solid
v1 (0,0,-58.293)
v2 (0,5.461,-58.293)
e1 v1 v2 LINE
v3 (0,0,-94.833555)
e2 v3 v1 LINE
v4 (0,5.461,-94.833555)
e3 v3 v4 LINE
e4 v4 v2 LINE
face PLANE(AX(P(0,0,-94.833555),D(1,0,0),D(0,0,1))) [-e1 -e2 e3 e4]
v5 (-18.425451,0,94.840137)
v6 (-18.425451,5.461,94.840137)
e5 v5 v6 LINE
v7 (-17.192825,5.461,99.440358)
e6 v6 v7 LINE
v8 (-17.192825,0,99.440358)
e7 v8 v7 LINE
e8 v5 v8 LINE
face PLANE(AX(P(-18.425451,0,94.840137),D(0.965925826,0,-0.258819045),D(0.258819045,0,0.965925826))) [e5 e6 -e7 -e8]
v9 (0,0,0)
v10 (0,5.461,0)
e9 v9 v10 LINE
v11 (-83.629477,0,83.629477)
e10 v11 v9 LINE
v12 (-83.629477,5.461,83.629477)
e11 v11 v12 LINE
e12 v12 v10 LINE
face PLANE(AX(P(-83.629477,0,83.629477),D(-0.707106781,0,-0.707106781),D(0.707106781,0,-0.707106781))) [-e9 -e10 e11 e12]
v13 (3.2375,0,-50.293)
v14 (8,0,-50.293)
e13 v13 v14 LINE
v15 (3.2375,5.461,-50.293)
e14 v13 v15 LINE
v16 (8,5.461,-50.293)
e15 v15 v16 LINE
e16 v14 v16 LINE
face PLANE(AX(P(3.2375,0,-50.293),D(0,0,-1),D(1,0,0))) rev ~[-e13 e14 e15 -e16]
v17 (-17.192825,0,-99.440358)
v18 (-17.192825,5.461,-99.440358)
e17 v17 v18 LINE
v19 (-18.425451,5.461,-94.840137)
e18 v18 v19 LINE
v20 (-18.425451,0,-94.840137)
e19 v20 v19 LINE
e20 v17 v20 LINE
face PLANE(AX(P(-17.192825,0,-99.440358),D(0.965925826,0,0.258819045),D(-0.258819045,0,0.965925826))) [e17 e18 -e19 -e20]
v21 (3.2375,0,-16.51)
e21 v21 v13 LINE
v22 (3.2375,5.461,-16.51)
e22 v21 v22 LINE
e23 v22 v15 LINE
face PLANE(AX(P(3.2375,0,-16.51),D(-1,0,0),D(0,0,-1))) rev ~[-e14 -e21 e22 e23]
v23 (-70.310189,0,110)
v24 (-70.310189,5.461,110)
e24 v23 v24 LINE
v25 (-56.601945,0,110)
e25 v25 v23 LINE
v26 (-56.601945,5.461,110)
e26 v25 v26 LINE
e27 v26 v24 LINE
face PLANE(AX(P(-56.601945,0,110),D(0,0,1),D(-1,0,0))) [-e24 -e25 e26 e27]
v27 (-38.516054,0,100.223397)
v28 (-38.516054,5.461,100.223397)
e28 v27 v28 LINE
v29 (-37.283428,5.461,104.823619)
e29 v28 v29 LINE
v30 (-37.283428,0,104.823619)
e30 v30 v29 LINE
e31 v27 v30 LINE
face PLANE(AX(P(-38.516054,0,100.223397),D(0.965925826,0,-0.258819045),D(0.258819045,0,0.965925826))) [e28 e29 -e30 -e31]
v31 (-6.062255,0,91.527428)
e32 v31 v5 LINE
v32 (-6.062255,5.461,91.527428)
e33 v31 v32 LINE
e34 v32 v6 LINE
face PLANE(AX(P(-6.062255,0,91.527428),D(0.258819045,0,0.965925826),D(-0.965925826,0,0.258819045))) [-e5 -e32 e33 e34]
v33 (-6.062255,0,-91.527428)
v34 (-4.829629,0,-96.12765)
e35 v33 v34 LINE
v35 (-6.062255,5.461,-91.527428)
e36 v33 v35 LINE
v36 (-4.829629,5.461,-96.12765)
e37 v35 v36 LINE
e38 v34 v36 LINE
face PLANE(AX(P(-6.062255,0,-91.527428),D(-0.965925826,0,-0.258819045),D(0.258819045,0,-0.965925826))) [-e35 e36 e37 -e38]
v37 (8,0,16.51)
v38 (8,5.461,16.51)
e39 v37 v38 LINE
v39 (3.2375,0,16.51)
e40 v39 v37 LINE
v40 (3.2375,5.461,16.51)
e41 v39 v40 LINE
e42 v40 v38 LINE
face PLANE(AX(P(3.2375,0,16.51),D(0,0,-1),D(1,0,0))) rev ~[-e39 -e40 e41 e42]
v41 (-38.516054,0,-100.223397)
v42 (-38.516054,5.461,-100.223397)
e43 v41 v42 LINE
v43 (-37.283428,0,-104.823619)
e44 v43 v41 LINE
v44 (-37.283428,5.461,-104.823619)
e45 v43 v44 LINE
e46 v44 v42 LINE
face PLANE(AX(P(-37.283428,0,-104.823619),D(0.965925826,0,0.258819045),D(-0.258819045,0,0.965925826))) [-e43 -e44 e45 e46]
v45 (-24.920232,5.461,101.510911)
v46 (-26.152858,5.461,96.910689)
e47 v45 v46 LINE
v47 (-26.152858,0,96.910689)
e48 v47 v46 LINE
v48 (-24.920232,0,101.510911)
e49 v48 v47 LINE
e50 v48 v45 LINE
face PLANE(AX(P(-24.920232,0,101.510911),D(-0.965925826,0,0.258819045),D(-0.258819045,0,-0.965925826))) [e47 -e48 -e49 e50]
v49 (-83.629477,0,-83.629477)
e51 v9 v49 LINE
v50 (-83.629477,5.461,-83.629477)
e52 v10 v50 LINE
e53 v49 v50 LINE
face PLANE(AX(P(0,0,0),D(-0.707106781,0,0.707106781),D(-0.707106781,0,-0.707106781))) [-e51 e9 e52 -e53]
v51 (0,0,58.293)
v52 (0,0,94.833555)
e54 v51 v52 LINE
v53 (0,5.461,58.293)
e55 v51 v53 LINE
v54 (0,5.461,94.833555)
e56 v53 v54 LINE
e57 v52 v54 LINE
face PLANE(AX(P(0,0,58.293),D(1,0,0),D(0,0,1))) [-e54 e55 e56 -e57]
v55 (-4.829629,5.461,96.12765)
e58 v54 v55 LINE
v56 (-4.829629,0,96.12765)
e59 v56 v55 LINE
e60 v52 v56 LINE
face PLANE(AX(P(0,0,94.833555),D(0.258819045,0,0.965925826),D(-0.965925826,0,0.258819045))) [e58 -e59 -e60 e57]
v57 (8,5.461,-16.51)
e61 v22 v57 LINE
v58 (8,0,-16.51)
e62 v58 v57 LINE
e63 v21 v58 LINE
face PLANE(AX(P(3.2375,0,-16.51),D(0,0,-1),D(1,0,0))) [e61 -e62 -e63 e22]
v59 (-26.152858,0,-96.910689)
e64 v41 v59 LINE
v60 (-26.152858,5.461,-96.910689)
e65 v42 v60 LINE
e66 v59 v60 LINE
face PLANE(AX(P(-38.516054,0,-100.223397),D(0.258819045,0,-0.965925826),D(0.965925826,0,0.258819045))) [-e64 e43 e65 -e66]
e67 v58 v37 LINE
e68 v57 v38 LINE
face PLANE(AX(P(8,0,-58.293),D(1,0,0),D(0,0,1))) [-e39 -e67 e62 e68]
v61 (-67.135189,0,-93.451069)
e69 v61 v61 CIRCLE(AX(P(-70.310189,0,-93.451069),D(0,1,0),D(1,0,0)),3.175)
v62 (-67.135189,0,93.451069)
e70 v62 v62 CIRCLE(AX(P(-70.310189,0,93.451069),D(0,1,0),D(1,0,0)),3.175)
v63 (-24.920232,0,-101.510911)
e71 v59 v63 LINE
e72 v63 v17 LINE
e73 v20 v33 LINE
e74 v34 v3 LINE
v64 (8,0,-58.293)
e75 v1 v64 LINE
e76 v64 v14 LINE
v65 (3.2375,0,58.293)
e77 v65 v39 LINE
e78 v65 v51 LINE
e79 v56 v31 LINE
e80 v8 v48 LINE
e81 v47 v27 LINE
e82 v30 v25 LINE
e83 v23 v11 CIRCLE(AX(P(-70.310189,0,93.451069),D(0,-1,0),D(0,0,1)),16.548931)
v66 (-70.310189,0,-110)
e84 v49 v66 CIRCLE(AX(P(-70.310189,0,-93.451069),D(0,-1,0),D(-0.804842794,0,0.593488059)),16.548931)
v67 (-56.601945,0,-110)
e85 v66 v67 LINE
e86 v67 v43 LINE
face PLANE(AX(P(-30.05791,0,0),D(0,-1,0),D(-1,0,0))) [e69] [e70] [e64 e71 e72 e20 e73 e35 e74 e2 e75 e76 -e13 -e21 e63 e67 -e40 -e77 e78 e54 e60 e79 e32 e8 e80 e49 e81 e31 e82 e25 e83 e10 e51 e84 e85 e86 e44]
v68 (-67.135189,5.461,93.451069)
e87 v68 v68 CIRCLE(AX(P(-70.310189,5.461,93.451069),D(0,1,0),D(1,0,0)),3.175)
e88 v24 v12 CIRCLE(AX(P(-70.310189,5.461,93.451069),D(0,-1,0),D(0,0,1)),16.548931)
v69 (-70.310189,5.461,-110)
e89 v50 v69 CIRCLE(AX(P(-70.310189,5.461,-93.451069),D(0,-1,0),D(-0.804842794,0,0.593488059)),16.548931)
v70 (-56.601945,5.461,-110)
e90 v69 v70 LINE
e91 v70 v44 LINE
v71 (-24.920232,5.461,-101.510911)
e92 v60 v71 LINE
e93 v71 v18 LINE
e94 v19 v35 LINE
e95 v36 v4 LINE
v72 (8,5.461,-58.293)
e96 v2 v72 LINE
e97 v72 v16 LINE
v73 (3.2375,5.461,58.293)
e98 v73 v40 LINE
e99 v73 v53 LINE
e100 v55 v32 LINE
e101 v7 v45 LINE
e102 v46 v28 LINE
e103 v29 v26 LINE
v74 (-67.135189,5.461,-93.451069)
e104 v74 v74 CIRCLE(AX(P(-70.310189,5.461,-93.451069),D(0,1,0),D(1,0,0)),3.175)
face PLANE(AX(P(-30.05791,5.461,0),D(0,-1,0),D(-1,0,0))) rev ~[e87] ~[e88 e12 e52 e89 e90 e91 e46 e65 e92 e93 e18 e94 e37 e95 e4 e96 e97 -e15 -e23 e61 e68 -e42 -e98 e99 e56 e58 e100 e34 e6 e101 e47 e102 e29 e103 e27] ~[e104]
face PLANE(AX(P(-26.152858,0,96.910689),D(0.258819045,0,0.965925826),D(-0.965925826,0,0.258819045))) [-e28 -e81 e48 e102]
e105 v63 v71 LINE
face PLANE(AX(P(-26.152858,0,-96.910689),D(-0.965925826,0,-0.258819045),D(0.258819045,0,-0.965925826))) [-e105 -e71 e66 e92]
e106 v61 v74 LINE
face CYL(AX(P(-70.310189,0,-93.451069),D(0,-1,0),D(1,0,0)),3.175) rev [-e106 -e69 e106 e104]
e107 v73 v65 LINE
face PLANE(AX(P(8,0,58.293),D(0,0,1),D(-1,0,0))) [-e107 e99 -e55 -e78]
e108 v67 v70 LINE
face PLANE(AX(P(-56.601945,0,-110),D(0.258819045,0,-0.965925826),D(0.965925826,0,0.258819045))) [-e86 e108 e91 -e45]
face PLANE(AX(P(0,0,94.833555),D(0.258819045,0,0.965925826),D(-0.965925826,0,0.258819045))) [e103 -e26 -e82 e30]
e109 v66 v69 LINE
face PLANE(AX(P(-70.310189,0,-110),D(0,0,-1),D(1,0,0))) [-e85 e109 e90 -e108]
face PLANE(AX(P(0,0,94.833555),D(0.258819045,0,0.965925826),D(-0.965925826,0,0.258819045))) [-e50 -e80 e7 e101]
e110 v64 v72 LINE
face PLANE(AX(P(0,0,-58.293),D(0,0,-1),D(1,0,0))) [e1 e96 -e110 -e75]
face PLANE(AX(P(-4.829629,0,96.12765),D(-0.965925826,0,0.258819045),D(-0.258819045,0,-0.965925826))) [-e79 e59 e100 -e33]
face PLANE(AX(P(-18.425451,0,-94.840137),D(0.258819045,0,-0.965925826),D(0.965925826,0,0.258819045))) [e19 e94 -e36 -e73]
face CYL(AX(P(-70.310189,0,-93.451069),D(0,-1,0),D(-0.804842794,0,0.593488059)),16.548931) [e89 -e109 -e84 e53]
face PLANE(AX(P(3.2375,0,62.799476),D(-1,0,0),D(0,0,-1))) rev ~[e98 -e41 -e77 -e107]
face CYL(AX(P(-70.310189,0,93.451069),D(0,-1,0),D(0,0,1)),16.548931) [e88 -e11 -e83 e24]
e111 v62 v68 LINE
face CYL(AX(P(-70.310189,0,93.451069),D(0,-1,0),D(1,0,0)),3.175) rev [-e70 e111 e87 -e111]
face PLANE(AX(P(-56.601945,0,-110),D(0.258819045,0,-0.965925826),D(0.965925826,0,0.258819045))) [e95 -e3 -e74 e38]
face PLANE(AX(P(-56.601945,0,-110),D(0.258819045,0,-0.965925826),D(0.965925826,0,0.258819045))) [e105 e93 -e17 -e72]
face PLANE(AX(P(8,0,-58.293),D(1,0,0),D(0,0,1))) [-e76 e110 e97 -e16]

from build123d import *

# Parameters (mm, degrees)
SKETCH1_R           = 3.175
BOSS_EXTRUDE1_DEPTH = 5.461
SKETCH3_W           = 4.7625
SKETCH3_H           = 33.783
SKETCH3_H_2         = 46.289475607
CUT_EXTRUDE2_DEPTH  = 10


with BuildPart() as part:
    # Sketch1 → Boss-Extrude1 (new body)
    with BuildSketch(Plane(origin=(0, 0, 0), x_dir=(1, 0, 0), z_dir=(0, 1, 0))):
        with BuildLine():
            Line((0, 0), (-83.629476528, 83.629476528))
            ThreePointArc((-83.629476528, 83.629476528), (-85.081850373, 100.91197572), (-70.310188895, 110))
            Line((-70.310188895, 110), (-56.601944845, 110))
            Line((-56.601944845, 110), (0, 94.833554589))
            Line((0, 94.833554589), (0, 58.293))
            Line((0, 58.293), (8, 58.293))
            Line((8, 58.293), (8, -58.293))
            Line((8, -58.293), (0, -58.293))
            Line((0, -58.293), (0, -94.833554589))
            Line((0, -94.833554589), (-56.601944845, -110))
            Line((-56.601944845, -110), (-70.310188895, -110))
            ThreePointArc((-70.310188895, -110), (-85.081850373, -100.91197572), (-83.629476528, -83.629476528))
            Line((-83.629476528, -83.629476528), (0, 0))
        make_face()
        with Locations((-70.310188895, 93.451069294)):
            Circle(SKETCH1_R, mode=Mode.SUBTRACT)
        with Locations((-70.310188895, -93.451069294)):
            Circle(SKETCH1_R, mode=Mode.SUBTRACT)
    extrude(amount=BOSS_EXTRUDE1_DEPTH)

    # Sketch3 → Cut-Extrude2 (cut)
    with BuildSketch(Plane(origin=(0, 0, 0), x_dir=(1, 0, 0), z_dir=(0, 1, 0))):
        Polygon((-4.829629131, 96.127649814), (-17.19282542, 99.440358276), (-18.425451123, 94.840136528), (-6.062254834, 91.527428067), align=None)
        Polygon((-24.920232031, 101.510910637), (-37.283428319, 104.823619098), (-38.516054022, 100.22339735), (-26.152857733, 96.910688889), align=None)
        with Locations((5.61875, 33.4015)):
            Rectangle(SKETCH3_W, SKETCH3_H)
        Polygon((-26.152857733, -96.910688889), (-38.516054022, -100.22339735), (-37.283428319, -104.823619098), (-24.920232031, -101.510910637), align=None)
        Polygon((-6.062254834, -91.527428067), (-18.425451123, -94.840136528), (-17.19282542, -99.440358276), (-4.829629131, -96.127649814), align=None)
        with Locations((5.61875, -39.654737804)):
            Rectangle(SKETCH3_W, SKETCH3_H_2)
    extrude(amount=CUT_EXTRUDE2_DEPTH, mode=Mode.SUBTRACT)


solid = part.part
